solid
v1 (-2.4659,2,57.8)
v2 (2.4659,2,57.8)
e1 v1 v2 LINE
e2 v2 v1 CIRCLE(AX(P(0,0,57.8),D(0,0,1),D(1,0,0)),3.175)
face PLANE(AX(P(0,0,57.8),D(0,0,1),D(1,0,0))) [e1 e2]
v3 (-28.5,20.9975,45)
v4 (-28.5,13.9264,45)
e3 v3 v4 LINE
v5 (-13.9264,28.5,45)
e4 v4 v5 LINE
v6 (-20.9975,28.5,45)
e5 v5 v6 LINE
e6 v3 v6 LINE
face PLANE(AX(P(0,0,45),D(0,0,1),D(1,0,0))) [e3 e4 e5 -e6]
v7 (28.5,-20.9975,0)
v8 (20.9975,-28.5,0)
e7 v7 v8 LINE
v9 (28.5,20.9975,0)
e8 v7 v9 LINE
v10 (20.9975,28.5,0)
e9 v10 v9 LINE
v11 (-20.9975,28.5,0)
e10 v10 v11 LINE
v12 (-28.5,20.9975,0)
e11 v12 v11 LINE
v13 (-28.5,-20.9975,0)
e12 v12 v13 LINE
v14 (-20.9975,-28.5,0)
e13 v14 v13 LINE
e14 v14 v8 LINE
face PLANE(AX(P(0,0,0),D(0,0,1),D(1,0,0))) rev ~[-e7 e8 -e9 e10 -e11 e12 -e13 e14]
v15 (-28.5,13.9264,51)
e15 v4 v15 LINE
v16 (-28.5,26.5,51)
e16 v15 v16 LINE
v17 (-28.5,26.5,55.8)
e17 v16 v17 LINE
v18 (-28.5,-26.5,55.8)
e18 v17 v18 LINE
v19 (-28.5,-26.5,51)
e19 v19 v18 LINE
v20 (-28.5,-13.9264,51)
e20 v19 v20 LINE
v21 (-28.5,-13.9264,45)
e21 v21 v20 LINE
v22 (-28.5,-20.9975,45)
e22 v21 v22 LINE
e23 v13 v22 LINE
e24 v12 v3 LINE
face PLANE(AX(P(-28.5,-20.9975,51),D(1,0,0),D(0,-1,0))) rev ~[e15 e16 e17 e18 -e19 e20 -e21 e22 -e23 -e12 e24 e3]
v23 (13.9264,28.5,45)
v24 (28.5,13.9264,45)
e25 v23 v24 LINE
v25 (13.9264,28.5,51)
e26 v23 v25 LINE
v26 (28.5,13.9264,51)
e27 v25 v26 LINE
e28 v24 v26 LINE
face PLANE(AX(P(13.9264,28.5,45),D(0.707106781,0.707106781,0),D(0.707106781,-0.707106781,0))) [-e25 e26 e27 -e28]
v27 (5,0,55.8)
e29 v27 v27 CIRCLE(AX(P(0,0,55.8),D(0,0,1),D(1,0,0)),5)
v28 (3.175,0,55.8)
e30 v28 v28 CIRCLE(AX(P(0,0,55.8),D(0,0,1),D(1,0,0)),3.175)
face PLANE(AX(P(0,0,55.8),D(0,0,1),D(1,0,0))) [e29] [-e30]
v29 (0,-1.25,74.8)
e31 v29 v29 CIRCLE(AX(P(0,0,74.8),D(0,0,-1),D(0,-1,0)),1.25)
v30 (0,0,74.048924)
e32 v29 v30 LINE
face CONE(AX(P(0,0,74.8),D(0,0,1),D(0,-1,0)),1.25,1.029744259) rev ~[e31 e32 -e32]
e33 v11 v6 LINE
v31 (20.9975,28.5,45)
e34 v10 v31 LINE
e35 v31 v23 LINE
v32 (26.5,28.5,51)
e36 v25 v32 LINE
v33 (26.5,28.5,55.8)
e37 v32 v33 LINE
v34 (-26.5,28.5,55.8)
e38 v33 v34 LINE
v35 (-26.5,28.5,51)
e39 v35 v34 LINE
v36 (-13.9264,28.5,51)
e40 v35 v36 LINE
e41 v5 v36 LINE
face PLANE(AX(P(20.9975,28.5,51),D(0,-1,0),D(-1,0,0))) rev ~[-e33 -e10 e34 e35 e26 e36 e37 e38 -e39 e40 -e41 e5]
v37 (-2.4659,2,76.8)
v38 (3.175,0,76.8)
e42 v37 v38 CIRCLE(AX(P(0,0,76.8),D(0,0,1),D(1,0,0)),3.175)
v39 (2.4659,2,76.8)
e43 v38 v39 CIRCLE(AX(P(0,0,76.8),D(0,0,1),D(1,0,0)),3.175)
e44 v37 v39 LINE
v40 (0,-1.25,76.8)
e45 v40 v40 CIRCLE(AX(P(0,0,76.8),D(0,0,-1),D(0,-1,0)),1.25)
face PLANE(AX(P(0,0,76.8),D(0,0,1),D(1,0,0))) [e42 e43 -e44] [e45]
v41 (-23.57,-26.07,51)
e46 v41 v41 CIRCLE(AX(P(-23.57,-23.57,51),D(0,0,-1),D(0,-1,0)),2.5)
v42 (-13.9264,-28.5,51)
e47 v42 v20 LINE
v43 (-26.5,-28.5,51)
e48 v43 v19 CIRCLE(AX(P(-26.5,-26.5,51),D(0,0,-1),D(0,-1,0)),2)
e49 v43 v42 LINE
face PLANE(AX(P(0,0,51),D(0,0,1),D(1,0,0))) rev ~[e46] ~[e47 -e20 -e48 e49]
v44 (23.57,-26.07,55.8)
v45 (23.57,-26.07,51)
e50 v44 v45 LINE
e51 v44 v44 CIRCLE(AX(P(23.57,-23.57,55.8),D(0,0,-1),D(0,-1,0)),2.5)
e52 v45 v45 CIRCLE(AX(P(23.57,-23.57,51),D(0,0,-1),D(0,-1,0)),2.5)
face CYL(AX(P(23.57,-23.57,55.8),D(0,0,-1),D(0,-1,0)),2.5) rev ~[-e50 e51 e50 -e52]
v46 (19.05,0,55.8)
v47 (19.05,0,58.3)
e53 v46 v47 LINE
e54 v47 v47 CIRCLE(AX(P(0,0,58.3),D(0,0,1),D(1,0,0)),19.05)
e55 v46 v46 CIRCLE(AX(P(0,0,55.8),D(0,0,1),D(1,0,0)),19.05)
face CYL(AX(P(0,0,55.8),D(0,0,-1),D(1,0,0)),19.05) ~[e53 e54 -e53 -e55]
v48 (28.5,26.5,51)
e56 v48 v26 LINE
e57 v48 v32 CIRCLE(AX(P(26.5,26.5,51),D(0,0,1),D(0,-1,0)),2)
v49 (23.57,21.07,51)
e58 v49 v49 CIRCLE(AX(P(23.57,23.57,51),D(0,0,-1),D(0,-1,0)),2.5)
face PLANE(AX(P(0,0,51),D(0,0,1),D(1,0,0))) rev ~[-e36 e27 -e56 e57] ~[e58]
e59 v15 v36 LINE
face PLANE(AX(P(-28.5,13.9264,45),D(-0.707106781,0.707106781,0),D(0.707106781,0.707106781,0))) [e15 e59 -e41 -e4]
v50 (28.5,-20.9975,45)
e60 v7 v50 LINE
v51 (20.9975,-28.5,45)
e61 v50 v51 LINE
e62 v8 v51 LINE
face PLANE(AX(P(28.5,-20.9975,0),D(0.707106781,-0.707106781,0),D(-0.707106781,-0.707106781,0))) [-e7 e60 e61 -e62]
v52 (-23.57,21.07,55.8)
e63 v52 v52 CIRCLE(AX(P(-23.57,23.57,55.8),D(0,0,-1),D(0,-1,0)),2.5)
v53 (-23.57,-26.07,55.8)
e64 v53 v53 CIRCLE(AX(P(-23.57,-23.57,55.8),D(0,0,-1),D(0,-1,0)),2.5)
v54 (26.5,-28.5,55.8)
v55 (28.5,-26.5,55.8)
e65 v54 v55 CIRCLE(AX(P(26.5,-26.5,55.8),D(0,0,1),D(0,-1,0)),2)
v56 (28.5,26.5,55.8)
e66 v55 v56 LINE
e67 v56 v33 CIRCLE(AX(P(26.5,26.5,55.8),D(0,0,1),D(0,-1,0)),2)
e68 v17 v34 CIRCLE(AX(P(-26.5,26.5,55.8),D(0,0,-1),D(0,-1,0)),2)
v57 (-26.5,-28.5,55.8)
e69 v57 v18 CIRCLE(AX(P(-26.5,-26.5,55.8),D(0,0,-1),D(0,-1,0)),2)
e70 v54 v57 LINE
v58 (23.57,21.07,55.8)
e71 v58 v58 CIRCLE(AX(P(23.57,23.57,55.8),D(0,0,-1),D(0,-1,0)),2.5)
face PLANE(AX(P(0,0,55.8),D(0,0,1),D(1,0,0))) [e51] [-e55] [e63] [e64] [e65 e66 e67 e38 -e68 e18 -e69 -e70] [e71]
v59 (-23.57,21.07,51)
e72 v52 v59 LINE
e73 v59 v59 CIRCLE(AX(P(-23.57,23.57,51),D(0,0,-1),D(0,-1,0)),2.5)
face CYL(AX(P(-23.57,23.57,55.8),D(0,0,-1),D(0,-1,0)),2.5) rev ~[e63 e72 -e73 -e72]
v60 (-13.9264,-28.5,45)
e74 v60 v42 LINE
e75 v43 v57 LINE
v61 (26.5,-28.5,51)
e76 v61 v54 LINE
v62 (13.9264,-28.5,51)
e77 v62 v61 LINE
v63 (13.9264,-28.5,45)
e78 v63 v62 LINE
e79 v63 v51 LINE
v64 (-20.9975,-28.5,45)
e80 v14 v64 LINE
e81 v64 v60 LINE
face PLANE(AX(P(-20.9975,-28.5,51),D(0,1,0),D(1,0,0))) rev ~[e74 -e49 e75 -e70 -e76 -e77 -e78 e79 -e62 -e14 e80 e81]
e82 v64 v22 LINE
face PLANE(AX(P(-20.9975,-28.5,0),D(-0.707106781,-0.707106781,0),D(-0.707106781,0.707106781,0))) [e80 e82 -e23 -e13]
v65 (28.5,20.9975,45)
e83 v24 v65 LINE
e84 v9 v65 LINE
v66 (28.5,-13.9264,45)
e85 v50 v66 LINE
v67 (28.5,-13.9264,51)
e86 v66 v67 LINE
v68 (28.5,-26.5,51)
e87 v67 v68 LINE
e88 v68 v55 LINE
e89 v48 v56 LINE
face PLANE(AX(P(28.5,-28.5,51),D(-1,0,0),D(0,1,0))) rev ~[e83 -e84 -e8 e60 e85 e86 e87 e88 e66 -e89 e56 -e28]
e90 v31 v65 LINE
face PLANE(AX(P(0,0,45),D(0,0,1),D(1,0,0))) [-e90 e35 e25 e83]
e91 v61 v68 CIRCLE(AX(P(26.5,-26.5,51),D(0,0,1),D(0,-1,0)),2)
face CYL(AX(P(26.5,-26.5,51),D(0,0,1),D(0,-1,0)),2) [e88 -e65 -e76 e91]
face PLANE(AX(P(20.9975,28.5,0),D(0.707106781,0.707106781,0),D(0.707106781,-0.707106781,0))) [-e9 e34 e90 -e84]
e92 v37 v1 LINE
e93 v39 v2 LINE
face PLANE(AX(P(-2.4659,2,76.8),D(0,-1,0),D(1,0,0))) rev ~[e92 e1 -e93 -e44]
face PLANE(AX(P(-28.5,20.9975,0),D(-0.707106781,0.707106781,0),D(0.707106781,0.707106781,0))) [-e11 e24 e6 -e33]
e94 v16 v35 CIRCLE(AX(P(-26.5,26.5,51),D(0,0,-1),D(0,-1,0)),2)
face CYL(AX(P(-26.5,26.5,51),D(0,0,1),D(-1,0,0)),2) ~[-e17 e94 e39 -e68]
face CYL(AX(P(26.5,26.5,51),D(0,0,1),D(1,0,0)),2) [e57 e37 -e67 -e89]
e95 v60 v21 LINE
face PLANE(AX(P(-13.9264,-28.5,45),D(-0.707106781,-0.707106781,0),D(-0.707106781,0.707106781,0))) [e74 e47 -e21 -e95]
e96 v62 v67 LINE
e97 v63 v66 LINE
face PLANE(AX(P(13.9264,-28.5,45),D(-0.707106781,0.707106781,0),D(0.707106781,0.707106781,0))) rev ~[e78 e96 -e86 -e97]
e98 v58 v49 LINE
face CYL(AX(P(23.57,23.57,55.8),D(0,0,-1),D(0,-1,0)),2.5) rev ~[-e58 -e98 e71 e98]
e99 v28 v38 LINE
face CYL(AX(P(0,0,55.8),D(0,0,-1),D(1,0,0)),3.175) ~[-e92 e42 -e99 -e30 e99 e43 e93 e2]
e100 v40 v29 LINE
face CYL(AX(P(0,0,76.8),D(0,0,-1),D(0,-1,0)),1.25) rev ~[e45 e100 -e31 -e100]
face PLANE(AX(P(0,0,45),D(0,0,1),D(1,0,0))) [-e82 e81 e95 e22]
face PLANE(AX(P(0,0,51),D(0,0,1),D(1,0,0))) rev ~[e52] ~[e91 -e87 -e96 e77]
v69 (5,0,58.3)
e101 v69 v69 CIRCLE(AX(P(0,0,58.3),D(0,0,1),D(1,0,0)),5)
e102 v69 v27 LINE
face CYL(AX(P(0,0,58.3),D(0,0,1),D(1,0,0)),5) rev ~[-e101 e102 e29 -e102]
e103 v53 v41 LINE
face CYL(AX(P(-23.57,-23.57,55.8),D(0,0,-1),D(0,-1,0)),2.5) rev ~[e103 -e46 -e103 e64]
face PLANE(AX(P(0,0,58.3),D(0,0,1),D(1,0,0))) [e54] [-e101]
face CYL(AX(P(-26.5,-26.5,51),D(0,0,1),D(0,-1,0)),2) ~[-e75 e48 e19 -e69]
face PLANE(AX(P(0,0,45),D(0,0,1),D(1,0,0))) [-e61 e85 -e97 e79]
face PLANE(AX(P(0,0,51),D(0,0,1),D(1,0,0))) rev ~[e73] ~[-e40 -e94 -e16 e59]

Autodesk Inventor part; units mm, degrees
ref_plane "YZ Plane" through (0, 0, 0) normal (1, 0, 0) x (0, 1, 0)
ref_plane "XZ Plane" through (0, 0, 0) normal (0, 1, 0) x (-1, 0, 0)
ref_plane "XY Plane" through (0, 0, 0) normal (0, 0, 1) x (1, 0, 0)
sketch "Szkic1" plane through (0, 0, 0) normal (0, 0, 1) x (1, 0, 0)
  line L0 (-28.5, -28.5) -> (28.5, -28.5)
  line L1 (28.5, -28.5) -> (28.5, 28.5)
  line L2 (28.5, 28.5) -> (-28.5, 28.5)
  line L3 (-28.5, 28.5) -> (-28.5, -28.5)
  line L4 (-28.5, -28.5) -> (28.5, 28.5) construction
  line L5 (28.5, -28.5) -> (-28.5, 28.5) construction
  line L6 (-28.5, 20.9975) -> (-20.9975, 28.5)
  line L7 (20.9975, 28.5) -> (28.5, 20.9975)
  line L8 (28.5, -20.9975) -> (20.9975, -28.5)
  line L9 (-20.9975, -28.5) -> (-28.5, -20.9975)
  line L10 (0, 32.5269) -> (0, -32.5269) construction
  point P0 (0, 0)
  dimension "d0" = 57
  dimension "d3" = 70
  dimension "d4" = 70
extrude "Wyciągnięcie proste1" add sketch "Szkic1" along normal blind 45 contours L9 L3 L6 L2 L7 L1 L8 L0
sketch "Szkic2" plane through (0, 0, 45) normal (0, 0, 1) x (1, 0, 0)
  line L0 (20.9975, -28.5) -> (28.5, -20.9975) projected
  line L1 (28.5, -20.9975) -> (28.5, 20.9975) projected
  line L2 (28.5, 20.9975) -> (20.9975, 28.5) projected
  line L3 (20.9975, 28.5) -> (-20.9975, 28.5) projected
  line L4 (-20.9975, 28.5) -> (-28.5, 20.9975) projected
  line L5 (-28.5, 20.9975) -> (-28.5, -20.9975) projected
  line L6 (-28.5, -20.9975) -> (-20.9975, -28.5) projected
  line L7 (-20.9975, -28.5) -> (20.9975, -28.5) projected
  line L8 (20.9975, 28.5) -> (-20.9975, 28.5) projected
  line L9 (13.9264, 28.5) -> (28.5, 13.9264)
  line L10 (28.5, -20.9975) -> (28.5, 20.9975) projected
  line L11 (13.9264, -28.5) -> (28.5, -13.9264)
  line L12 (-20.9975, -28.5) -> (20.9975, -28.5) projected
  line L13 (-13.9264, -28.5) -> (-28.5, -13.9264)
  line L14 (-28.5, 20.9975) -> (-28.5, -20.9975) projected
  line L15 (-28.5, 13.9264) -> (-13.9264, 28.5)
  line L16 (-28.5, -20.9975) -> (-20.9975, -28.5) construction
  line L17 (-24.7487, -24.7487) -> (24.7487, 24.7487) construction
  line L18 (20.9975, -28.5) -> (28.5, -20.9975) construction
  line L19 (24.7487, -24.7487) -> (-24.7487, 24.7487) construction
  line L20 (-20.9975, 28.5) -> (-28.5, 20.9975) construction
  line L21 (-28.5, -20.9975) -> (-20.9975, -28.5) construction
  line L22 (28.5, 20.9975) -> (20.9975, 28.5) construction
  point P0 (0, 0)
  dimension "d7" = 60
  dimension "d8" = 60
extrude "Wyciągnięcie proste2" add sketch "Szkic2" along normal blind 6 contours L7 L13 L5 L15 L3 L9 L1 L11
sketch "Szkic3" plane through (0, 0, 51) normal (0, 0, 1) x (1, 0, 0)
  line L0 (20.9975, -28.5) -> (28.5, -20.9975) projected
  line L1 (-20.9975, -28.5) -> (20.9975, -28.5) projected
  line L2 (-28.5, -20.9975) -> (-20.9975, -28.5) projected
  line L3 (-28.5, 20.9975) -> (-28.5, -20.9975) projected
  line L4 (-20.9975, 28.5) -> (-28.5, 20.9975) projected
  line L5 (20.9975, 28.5) -> (-20.9975, 28.5) projected
  line L6 (28.5, 20.9975) -> (20.9975, 28.5) projected
  line L7 (28.5, -20.9975) -> (28.5, 20.9975) projected
  line L8 (-28.5, -28.5) -> (28.5, -28.5)
  line L9 (28.5, -28.5) -> (28.5, 28.5)
  line L10 (28.5, 28.5) -> (-28.5, 28.5)
  line L11 (-28.5, 28.5) -> (-28.5, -28.5)
  point P0 (0, 0)
  point P1 (0, 28.5)
  point P2 (28.5, 0)
  point P3 (0, -28.5)
extrude "Wyciągnięcie proste3" add sketch "Szkic3" along normal blind 4.8
sketch "Szkic4" plane through (0, 0, 55.8) normal (0, 0, 1) x (1, 0, 0)
  circle A0 centre (0, 0) radius 19.05
  dimension "d13" = 38.1
extrude "Wyciągnięcie proste4" add sketch "Szkic4" along normal blind 2.5
sketch "Szkic5" plane through (0, 0, 55.8) normal (0, 0, 1) x (1, 0, 0)
  line L0 (-23.57, -23.57) -> (23.57, -23.57) construction
  line L1 (23.57, -23.57) -> (23.57, 23.57) construction
  line L2 (23.57, 23.57) -> (-23.57, 23.57) construction
  line L3 (-23.57, 23.57) -> (-23.57, -23.57) construction
  line L4 (-23.57, -23.57) -> (23.57, 23.57) construction
  line L5 (23.57, -23.57) -> (-23.57, 23.57) construction
  point P0 (0, 0)
  dimension "d16" = 47.14
hole "Otwór1" at (-23.57, 23.57, 55.8) at (23.57, 23.57, 55.8) at (23.57, -23.57, 55.8) at (-23.57, -23.57, 55.8) direction (0, 0, -1) diameter 5 depth 5
sketch "Szkic6" plane through (0, 0, 58.3) normal (0, 0, 1) x (1, 0, 0)
  circle A0 centre (0, 0) radius 5
  dimension "d24" = 10
extrude "Wyciągnięcie proste5" cut sketch "Szkic6" against normal up to surface (2.5 mm away)
sketch "Szkic7" plane through (0, 0, 55.8) normal (0, 0, 1) x (1, 0, 0)
  circle A0 centre (0, 0) radius 5 projected
  circle A1 centre (0, 0) radius 3.175
  dimension "d27" = 6.35
extrude "Wyciągnięcie proste6" add sketch "Szkic7" along normal blind 21 contours A1
sketch "Szkic8" plane through (0, 0, 76.8) normal (0, 0, 1) x (1, 0, 0)
  circle A0 centre (0, 0) radius 3.175 projected
  line L0 (-2.4659, 2) -> (2.4659, 2)
  dimension "d30" = 2
extrude "Wyciągnięcie proste7" cut sketch "Szkic8" against normal blind 19 contours L0 A0 picked at (-0.6547, 2.1648)
sketch "Szkic9" plane through (0, 0, 76.8) normal (0, 0, 1) x (1, 0, 0)
  point P0 (0, 0)
  point P1 (0, 0)
hole "Otwór2" at (0, 0, 76.8) direction (0, 0, -1) diameter 2.5 depth 2 tip angle 118
fillet "Zaokrąglenie1" radius 2 4 edges at (28.5, -28.5, 53.4) (28.5, 28.5, 53.4) (-28.5, 28.5, 53.4) (-28.5, -28.5, 53.4)
properties part number "stepper"
